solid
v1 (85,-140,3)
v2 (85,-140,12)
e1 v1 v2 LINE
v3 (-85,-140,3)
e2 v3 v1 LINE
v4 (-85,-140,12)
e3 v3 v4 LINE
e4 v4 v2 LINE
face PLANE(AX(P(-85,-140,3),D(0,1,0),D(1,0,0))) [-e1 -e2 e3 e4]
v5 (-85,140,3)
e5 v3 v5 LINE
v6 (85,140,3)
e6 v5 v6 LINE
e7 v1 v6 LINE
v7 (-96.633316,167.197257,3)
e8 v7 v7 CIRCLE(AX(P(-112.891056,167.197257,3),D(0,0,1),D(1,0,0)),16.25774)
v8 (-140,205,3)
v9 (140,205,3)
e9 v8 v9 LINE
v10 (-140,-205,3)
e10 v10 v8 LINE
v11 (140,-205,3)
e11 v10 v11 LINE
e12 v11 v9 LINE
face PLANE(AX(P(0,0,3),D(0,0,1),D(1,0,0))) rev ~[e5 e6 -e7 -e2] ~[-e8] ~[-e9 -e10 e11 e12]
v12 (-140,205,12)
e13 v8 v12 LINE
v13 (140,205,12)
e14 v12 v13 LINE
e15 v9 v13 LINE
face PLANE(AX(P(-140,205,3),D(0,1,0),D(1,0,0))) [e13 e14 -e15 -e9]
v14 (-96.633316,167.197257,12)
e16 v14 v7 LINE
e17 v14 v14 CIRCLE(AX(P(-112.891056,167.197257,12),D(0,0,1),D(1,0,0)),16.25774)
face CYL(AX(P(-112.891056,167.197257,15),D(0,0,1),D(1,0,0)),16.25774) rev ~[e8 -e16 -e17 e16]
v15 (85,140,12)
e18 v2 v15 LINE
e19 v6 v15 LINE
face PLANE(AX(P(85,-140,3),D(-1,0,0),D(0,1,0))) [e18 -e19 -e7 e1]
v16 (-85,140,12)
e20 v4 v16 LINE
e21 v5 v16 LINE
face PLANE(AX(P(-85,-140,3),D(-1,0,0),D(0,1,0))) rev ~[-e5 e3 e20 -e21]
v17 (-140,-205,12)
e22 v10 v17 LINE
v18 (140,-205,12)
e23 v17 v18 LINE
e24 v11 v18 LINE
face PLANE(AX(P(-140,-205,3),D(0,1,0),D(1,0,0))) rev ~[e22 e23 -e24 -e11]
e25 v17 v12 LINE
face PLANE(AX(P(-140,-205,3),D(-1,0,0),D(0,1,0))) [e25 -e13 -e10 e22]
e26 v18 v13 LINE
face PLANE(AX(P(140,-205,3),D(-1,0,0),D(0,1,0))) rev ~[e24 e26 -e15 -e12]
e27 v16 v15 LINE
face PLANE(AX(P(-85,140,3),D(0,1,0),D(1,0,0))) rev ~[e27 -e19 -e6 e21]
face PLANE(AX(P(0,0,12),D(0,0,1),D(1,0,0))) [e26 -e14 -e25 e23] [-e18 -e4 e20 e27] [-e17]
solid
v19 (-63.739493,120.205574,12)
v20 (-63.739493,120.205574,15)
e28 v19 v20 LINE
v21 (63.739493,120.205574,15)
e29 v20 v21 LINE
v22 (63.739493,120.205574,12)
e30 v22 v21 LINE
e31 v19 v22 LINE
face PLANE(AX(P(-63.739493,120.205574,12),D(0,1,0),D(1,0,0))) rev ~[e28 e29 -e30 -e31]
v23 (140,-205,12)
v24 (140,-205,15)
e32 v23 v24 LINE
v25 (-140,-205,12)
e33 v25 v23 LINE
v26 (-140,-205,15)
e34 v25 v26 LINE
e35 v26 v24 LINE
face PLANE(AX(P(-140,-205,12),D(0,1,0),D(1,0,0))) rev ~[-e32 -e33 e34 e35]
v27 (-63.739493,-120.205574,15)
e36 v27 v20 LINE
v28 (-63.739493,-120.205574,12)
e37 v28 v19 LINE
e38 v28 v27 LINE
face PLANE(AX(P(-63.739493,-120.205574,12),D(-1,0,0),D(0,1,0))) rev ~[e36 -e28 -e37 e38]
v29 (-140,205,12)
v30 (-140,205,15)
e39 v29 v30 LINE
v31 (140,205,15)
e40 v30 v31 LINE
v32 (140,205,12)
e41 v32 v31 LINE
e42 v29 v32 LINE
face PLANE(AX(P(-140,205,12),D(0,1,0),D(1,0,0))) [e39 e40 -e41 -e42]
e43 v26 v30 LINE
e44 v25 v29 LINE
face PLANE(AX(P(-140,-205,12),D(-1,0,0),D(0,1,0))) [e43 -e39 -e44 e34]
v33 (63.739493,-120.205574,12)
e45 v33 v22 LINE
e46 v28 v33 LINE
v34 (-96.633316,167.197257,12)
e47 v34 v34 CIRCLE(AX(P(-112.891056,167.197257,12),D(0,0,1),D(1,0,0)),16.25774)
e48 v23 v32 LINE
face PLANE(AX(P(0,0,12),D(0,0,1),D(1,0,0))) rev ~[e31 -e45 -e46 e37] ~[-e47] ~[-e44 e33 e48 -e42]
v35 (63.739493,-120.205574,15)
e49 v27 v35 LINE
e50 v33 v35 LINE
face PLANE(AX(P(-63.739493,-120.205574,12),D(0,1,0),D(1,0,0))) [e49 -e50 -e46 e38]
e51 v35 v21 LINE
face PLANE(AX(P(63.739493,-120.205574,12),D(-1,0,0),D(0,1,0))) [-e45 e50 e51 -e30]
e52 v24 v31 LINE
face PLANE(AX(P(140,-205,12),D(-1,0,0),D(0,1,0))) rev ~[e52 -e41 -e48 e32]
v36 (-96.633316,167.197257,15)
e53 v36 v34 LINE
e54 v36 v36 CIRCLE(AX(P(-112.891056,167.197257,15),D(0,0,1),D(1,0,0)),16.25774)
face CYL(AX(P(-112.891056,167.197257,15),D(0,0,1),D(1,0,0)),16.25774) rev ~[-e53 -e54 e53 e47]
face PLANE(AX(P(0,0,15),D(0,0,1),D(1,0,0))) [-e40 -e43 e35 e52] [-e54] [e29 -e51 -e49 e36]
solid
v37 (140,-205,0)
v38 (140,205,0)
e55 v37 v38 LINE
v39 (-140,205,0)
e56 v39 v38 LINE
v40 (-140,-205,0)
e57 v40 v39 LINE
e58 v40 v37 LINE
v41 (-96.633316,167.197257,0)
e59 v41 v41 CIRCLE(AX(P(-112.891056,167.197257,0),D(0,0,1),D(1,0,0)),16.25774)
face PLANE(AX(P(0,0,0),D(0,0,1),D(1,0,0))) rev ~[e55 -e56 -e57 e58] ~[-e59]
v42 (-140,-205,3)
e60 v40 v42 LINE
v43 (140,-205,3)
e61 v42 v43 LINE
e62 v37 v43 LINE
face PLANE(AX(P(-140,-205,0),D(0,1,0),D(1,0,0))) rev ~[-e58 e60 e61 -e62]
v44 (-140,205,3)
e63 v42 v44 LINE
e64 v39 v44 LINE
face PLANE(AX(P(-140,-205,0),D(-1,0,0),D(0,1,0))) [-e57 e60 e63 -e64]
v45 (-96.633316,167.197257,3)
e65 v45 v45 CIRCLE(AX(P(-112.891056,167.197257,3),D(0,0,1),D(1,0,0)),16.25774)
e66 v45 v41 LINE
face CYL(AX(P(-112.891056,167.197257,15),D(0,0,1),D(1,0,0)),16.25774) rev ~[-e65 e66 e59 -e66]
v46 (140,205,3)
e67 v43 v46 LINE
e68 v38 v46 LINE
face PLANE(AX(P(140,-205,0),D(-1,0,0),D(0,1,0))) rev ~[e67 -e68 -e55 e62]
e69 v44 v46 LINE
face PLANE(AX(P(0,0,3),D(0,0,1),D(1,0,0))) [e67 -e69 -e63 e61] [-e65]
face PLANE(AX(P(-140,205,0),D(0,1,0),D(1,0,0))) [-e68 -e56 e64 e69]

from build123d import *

# Parameters (mm, degrees)
F0_W     = 280
F0_H     = 410
F1_DEPTH = 3
F2_W     = 280
F2_H     = 410
F2_W_2   = 170
F2_H_2   = 280
F3_DEPTH = 9
F4_W     = 280
F4_H     = 410
F4_W_2   = 127.478986
F4_H_2   = 240.411148
F5_DEPTH = 3
F6_R     = 16.25774
F7_DEPTH = 15.001


with BuildPart() as f1:
    # F0 (on Top) → F1 (new body)
    with BuildSketch(Plane.XY):
        Rectangle(F0_W, F0_H)
    extrude(amount=F1_DEPTH)


with BuildPart() as f3:
    # F2 (on face) → F3 (new body)
    with BuildSketch(Plane.XY.offset(3)):
        Rectangle(F2_W, F2_H)
        Rectangle(F2_W_2, F2_H_2, mode=Mode.SUBTRACT)
    extrude(amount=F3_DEPTH)


with BuildPart() as f5:
    # F4 (on face) → F5 (new body)
    with BuildSketch(Plane.XY.offset(12)):
        Rectangle(F4_W, F4_H)
        Rectangle(F4_W_2, F4_H_2, mode=Mode.SUBTRACT)
    extrude(amount=F5_DEPTH)


with BuildPart() as f7_tool:
    # F6 (on face) → F7 (new body, through all)
    with BuildSketch(Plane.XY.offset(15)):
        with Locations((-112.891056, 167.197257)):
            Circle(F6_R)
    extrude(amount=-F7_DEPTH)


with BuildPart() as f1_1:
    add(f1.part)

    # F7: cut by f7_tool
    add(f7_tool.part, mode=Mode.SUBTRACT)


with BuildPart() as f3_1:
    add(f3.part)

    # F7: cut by f7_tool
    add(f7_tool.part, mode=Mode.SUBTRACT)


with BuildPart() as f5_1:
    add(f5.part)

    # F7: cut by f7_tool
    add(f7_tool.part, mode=Mode.SUBTRACT)


solid = Compound([f1_1.part, f3_1.part, f5_1.part])
